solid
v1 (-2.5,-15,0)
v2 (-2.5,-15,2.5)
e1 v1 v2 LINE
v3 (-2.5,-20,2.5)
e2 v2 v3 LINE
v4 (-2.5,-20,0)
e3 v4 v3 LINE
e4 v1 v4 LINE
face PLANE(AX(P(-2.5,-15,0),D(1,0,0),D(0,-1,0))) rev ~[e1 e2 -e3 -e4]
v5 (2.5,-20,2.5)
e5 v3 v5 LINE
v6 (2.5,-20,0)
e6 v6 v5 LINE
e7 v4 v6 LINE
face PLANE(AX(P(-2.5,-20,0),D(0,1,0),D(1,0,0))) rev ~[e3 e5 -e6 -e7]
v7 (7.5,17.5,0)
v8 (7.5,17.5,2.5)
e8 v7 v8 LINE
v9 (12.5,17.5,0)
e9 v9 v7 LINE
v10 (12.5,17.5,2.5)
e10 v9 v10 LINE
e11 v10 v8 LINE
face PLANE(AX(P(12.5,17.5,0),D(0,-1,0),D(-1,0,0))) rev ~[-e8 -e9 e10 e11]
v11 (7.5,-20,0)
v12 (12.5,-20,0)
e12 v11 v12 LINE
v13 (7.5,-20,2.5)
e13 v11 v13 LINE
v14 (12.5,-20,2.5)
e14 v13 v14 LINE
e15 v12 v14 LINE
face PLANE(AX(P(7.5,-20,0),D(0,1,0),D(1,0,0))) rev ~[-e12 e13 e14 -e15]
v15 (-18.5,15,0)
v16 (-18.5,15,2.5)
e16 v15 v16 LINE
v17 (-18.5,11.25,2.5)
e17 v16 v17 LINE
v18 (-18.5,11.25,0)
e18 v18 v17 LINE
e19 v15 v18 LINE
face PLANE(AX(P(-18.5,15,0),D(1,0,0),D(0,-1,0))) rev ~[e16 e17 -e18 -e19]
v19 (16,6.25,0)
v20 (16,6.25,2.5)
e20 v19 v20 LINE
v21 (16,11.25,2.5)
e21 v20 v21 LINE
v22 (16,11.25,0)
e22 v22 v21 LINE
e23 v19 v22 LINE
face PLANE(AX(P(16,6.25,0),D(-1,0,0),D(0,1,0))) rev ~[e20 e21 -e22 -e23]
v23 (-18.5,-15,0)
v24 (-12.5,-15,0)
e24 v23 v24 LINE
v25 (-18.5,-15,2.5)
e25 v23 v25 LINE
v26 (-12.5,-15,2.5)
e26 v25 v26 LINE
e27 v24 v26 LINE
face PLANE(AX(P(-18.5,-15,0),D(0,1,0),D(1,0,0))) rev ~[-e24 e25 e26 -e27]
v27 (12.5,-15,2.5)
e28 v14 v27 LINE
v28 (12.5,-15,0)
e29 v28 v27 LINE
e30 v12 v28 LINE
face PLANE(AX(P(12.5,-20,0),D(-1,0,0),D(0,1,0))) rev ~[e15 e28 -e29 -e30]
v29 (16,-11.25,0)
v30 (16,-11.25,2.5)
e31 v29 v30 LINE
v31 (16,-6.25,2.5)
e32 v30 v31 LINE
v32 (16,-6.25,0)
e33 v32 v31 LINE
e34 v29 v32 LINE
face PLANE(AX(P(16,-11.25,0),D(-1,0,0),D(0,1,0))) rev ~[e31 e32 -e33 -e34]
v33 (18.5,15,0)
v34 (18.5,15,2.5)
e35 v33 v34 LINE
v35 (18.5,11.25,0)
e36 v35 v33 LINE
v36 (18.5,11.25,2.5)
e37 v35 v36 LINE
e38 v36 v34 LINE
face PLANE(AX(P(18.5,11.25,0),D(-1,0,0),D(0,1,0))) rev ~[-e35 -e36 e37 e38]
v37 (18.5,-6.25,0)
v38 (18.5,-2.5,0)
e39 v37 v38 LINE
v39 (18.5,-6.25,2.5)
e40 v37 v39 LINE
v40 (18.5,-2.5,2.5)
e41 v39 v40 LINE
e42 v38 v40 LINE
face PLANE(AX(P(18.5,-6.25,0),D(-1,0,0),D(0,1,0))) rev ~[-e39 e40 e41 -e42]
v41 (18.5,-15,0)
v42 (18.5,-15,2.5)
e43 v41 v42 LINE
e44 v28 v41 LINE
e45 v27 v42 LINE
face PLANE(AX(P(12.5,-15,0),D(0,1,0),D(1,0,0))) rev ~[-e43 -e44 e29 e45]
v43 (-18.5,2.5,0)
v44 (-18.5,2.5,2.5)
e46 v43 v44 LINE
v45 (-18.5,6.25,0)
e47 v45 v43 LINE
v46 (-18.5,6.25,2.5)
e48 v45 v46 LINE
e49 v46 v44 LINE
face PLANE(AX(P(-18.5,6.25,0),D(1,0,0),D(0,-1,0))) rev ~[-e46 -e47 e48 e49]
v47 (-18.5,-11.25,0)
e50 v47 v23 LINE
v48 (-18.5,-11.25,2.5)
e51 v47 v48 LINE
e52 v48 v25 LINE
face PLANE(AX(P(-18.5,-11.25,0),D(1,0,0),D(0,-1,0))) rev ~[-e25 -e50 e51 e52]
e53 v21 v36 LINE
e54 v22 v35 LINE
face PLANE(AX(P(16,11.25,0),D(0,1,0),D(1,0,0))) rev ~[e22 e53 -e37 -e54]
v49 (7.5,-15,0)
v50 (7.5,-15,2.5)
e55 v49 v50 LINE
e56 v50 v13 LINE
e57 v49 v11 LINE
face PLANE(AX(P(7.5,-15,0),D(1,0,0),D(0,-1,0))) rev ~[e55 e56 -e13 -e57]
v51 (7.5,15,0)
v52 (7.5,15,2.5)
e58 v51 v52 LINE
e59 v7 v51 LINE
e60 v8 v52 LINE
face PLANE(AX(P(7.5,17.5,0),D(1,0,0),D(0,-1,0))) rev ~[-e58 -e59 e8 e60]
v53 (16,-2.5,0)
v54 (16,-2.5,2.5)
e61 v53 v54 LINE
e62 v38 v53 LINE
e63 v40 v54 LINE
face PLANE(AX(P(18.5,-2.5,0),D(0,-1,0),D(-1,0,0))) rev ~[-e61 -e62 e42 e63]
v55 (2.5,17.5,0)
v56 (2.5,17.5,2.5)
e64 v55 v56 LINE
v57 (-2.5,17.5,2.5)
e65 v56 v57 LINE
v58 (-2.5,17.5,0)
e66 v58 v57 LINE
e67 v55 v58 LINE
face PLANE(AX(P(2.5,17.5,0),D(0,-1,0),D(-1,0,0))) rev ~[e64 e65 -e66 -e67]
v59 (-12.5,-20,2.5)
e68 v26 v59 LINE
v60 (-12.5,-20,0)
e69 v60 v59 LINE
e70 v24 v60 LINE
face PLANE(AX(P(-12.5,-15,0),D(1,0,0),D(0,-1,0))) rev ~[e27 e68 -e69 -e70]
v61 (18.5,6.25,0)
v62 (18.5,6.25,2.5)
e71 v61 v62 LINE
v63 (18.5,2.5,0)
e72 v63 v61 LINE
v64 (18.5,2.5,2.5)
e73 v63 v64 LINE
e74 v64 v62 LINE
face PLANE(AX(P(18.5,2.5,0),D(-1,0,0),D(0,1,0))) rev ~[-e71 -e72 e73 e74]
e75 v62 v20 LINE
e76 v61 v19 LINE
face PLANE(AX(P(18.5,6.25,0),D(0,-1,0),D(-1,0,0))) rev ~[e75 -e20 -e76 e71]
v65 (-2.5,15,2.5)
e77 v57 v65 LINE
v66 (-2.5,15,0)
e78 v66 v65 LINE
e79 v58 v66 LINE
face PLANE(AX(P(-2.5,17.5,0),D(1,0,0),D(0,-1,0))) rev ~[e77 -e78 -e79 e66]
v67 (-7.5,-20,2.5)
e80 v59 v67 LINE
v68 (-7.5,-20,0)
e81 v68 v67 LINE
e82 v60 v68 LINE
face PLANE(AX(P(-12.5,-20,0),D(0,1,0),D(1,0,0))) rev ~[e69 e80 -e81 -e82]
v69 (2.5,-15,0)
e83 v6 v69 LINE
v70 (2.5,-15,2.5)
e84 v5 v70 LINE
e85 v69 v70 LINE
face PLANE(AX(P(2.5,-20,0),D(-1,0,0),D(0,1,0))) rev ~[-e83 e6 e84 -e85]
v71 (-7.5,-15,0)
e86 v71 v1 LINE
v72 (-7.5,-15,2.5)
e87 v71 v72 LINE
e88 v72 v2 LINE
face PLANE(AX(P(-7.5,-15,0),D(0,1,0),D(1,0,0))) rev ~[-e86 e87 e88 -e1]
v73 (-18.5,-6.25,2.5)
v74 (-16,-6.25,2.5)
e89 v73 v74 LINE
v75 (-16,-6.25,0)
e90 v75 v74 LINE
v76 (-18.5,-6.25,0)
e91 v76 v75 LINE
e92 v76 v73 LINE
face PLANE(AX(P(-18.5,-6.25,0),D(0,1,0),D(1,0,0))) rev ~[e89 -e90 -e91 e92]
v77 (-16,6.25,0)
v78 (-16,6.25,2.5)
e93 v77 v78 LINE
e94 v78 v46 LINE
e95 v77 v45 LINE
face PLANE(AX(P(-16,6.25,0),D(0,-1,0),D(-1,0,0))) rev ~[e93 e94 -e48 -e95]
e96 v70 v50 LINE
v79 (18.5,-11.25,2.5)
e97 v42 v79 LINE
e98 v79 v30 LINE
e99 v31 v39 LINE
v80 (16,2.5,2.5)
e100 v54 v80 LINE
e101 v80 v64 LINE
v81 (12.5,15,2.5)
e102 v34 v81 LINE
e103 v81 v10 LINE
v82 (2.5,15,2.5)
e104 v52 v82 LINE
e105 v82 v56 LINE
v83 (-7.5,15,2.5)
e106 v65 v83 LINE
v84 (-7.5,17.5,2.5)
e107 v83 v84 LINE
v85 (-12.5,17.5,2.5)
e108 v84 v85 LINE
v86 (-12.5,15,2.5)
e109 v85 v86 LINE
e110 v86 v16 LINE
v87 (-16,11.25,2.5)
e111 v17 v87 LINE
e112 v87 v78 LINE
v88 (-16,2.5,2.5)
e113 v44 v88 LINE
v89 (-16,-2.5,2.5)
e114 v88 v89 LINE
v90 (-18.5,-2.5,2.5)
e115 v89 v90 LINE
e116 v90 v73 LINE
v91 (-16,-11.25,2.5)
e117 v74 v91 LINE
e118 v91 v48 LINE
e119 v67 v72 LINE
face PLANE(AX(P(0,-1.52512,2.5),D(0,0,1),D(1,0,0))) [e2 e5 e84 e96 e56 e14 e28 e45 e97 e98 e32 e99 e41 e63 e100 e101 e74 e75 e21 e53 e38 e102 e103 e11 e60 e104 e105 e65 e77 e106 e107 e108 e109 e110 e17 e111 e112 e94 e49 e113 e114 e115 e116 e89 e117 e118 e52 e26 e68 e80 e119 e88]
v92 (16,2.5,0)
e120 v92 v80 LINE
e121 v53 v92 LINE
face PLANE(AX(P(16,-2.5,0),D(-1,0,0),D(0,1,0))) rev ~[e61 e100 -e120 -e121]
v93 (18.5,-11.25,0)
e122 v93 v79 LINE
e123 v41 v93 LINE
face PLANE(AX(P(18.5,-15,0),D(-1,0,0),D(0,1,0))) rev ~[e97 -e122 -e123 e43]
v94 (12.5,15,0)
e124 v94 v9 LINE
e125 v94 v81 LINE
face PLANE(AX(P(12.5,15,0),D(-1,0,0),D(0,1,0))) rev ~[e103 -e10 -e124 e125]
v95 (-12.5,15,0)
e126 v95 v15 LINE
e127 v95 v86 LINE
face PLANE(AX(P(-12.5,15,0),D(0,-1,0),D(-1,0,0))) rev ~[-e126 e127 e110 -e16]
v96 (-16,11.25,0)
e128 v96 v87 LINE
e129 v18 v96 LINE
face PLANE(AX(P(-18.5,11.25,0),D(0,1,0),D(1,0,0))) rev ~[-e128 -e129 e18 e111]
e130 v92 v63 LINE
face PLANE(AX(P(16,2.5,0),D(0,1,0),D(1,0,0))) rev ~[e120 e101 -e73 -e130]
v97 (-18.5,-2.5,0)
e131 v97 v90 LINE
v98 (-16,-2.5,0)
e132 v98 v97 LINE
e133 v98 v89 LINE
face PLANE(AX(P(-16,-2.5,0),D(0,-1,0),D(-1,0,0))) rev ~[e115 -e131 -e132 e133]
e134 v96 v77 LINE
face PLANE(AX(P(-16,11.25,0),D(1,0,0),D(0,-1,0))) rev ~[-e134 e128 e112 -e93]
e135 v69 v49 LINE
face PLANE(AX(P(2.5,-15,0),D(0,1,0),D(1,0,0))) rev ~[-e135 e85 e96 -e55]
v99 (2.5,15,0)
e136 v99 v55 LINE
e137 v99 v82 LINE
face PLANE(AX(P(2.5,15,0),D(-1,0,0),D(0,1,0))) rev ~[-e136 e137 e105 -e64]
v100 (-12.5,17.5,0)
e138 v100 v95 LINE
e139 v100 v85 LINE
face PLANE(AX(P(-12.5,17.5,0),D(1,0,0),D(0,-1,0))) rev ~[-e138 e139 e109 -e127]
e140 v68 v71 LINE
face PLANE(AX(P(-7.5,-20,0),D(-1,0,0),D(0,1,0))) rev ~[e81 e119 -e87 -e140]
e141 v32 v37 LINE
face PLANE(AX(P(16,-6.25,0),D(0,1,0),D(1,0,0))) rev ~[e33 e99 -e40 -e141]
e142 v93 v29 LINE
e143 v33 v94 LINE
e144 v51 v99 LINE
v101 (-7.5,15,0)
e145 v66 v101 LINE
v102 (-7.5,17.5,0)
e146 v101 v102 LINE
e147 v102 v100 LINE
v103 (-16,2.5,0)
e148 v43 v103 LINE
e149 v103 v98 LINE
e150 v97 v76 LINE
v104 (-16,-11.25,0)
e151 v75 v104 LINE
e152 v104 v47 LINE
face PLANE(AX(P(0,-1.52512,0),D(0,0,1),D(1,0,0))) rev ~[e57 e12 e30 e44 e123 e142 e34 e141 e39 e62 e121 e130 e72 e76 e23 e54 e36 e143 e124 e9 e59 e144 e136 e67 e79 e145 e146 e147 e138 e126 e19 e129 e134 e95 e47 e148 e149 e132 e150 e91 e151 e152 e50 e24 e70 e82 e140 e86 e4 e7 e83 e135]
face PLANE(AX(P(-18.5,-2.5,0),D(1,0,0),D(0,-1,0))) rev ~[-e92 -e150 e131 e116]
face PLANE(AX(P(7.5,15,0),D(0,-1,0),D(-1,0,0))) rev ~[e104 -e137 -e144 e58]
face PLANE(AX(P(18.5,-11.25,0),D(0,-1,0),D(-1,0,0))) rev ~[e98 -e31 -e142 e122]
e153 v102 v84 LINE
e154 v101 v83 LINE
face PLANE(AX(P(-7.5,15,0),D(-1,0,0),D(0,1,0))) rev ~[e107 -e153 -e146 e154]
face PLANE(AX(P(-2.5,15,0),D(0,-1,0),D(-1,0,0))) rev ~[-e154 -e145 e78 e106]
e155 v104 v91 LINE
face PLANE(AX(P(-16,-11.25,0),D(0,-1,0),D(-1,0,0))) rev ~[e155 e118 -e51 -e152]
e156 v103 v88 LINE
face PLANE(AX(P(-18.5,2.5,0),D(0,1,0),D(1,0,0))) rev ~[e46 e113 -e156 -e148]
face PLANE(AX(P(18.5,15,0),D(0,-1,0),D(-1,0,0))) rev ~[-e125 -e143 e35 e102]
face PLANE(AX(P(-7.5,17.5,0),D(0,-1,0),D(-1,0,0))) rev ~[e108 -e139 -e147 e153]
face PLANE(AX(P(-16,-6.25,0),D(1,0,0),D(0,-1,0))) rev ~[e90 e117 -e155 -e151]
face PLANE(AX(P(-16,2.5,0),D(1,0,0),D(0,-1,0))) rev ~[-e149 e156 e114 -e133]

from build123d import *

# Parameters (mm, degrees)
BOSS_EXTRUDE1_DEPTH = 2.5


with BuildPart() as part:
    # Sketch1 → Boss-Extrude1 (new body)
    with BuildSketch(Plane.XY):
        Polygon((2.5, -20), (2.5, -15), (7.5, -15), (7.5, -20), (12.5, -20), (12.5, -15), (18.5, -15), (18.5, -11.25), (16, -11.25), (16, -6.25), (18.5, -6.25), (18.5, -2.5), (16, -2.5), (16, 2.5), (18.5, 2.5), (18.5, 6.25), (16, 6.25), (16, 11.25), (18.5, 11.25), (18.5, 15), (12.5, 15), (12.5, 17.5), (7.5, 17.5), (7.5, 15), (2.5, 15), (2.5, 17.5), (-2.5, 17.5), (-2.5, 15), (-7.5, 15), (-7.5, 17.5), (-12.5, 17.5), (-12.5, 15), (-18.5, 15), (-18.5, 11.25), (-16, 11.25), (-16, 6.25), (-18.5, 6.25), (-18.5, 2.5), (-16, 2.5), (-16, -2.5), (-18.5, -2.5), (-18.5, -6.25), (-16, -6.25), (-16, -11.25), (-18.5, -11.25), (-18.5, -15), (-12.5, -15), (-12.5, -20), (-7.5, -20), (-7.5, -15), (-2.5, -15), (-2.5, -20), align=None)
    extrude(amount=BOSS_EXTRUDE1_DEPTH)


solid = part.part
